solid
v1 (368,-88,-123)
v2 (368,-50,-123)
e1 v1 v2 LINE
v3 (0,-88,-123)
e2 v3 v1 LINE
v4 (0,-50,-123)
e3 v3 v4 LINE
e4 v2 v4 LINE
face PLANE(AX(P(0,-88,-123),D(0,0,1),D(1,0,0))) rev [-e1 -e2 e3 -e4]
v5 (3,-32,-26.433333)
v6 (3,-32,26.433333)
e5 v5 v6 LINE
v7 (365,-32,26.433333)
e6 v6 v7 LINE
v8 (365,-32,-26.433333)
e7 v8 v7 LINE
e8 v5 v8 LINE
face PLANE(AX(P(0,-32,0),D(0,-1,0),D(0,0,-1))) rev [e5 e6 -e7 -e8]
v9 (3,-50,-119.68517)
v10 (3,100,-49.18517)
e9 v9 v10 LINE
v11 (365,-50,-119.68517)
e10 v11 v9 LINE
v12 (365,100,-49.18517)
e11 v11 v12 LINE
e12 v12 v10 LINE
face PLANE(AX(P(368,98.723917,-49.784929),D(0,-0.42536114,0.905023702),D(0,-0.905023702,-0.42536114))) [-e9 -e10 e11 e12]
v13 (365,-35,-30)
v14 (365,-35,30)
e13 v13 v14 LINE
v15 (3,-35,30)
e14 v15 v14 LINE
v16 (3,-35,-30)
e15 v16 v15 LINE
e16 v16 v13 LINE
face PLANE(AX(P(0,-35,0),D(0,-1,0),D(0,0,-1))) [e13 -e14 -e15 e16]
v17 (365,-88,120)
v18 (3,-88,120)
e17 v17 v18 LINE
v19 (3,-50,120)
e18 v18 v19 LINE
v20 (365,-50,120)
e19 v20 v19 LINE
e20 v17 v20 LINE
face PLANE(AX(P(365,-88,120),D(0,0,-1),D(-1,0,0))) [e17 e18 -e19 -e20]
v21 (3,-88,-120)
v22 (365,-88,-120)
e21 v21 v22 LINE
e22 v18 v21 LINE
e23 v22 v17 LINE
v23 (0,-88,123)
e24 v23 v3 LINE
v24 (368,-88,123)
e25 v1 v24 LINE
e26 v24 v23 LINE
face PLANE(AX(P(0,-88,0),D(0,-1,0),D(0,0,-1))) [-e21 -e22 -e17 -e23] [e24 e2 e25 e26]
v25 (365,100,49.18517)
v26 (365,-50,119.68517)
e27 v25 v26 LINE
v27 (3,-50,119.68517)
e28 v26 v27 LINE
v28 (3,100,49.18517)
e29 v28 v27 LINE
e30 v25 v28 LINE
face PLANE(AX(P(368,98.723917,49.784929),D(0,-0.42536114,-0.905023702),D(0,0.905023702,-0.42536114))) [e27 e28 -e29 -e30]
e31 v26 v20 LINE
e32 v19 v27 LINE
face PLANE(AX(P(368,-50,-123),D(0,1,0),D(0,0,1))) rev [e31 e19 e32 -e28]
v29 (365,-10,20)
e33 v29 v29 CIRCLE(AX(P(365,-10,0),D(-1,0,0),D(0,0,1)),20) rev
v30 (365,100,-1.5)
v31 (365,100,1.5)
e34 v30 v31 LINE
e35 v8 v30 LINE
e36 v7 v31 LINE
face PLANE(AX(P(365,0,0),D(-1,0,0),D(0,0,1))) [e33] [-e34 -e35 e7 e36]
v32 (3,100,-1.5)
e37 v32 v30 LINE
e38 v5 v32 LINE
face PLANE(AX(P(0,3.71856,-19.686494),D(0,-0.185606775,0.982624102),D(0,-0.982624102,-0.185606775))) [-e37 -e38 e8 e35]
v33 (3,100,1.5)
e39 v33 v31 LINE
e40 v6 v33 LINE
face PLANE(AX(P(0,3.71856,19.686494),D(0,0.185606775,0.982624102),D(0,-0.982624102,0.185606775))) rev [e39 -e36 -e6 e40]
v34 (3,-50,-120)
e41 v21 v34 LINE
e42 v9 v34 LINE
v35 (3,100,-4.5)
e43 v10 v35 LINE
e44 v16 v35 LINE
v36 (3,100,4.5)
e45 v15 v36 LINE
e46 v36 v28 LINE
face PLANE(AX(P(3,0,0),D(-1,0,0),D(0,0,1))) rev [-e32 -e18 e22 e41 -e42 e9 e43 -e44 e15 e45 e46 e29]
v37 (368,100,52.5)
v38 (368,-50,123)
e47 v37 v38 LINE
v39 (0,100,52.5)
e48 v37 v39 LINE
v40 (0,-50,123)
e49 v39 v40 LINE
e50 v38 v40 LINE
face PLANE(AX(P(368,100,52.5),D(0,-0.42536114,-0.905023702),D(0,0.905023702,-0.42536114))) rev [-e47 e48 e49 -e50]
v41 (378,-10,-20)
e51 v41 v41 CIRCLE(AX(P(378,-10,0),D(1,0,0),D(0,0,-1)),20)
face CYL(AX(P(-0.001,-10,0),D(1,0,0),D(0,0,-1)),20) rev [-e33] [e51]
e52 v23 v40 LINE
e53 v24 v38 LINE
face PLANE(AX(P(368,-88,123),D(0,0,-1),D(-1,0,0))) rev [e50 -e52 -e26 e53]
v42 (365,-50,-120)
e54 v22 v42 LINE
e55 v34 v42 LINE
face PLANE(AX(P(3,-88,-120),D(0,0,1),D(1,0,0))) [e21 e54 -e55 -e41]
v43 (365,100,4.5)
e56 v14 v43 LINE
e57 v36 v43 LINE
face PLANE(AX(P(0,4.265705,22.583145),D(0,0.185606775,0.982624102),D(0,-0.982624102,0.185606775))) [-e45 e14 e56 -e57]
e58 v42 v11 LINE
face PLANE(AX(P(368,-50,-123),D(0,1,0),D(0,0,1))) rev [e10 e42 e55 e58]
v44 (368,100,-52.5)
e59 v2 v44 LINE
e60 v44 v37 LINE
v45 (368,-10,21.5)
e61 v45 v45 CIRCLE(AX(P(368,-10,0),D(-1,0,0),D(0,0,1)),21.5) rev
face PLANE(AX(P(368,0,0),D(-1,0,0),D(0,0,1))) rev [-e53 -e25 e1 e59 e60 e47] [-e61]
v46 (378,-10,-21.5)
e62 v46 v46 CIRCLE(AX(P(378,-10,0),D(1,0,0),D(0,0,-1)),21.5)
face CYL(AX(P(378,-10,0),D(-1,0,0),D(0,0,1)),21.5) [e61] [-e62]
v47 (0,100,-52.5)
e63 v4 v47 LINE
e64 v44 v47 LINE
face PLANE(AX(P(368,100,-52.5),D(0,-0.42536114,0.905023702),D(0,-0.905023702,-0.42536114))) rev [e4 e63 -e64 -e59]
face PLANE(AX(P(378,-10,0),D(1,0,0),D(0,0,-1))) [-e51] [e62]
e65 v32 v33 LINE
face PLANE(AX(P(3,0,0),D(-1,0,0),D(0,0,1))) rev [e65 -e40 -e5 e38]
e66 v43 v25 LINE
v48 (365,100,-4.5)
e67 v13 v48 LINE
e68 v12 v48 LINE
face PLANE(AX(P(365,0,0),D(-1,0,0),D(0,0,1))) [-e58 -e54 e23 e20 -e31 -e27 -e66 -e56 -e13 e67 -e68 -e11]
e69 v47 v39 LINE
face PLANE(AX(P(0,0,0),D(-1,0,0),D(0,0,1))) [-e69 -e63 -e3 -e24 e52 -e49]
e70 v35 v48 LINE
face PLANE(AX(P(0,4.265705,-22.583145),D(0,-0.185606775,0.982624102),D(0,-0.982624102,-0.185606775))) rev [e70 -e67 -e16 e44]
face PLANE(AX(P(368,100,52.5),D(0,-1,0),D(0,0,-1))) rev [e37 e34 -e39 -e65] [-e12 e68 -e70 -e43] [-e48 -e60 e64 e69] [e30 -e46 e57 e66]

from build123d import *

# Parameters (mm, degrees)
BOSS_EXTRUDE1_DEPTH = 368
SHELL2_T            = -3
BOSS_EXTRUDE3_REACH = 402.691
CUT_EXTRUDE1_REACH  = 402.691
SKETCH9_R           = 20
BOSS_EXTRUDE4_START = 10
SKETCH10_R          = 21.5
SKETCH10_R_2        = 20
BOSS_EXTRUDE4_DEPTH = 10
SKETCH11_W          = 368
SKETCH11_H          = 246
SKETCH11_W_2        = 362
SKETCH11_H_2        = 240
BOSS_EXTRUDE5_DEPTH = 38


with BuildPart() as part:
    # Sketch2 → Boss-Extrude1 (new body)
    with BuildSketch(Plane(origin=(0, 0, 0), x_dir=(0, 0, -1), z_dir=(1, 0, 0))):
        Polygon((123, -50), (-123, -50), (-52.5, 100), (52.5, 100), align=None)
    extrude(amount=BOSS_EXTRUDE1_DEPTH)

    # Shell2
    shell2_openings = [part.faces().sort_by_distance(p)[0] for p in [
        (184, 100, 0),
        (184, -50, 0),
    ]]
    offset(amount=SHELL2_T, openings=shell2_openings, kind=Kind.INTERSECTION)

    # Sketch8 → Boss-Extrude3 (add, up to next)
    with BuildSketch(Plane(origin=(368, 0, 0), x_dir=(0, 0, -1), z_dir=(1, 0, 0)), mode=Mode.PRIVATE) as boss_extrude3_sk1:
        Polygon((-4.5, 100), (-30, -35), (30, -35), (4.5, 100), (1.5, 100), (26.433333333, -32), (-26.433333333, -32), (-1.5, 100), align=None)
    boss_extrude3_tool1 = extrude(boss_extrude3_sk1.sketch, amount=-BOSS_EXTRUDE3_REACH, mode=Mode.PRIVATE) - part.part
    add(boss_extrude3_tool1.solids().sort_by_distance((368, 34.274202, 15.418325))[0])

    # Sketch9 → Cut-Extrude1 (cut, up to next)
    with BuildSketch(Plane(origin=(368, 0, 0), x_dir=(0, 0, -1), z_dir=(1, 0, 0)), mode=Mode.PRIVATE) as cut_extrude1_sk1:
        with Locations((0, -10)):
            Circle(SKETCH9_R)
    cut_extrude1_tool1 = extrude(cut_extrude1_sk1.sketch, amount=-CUT_EXTRUDE1_REACH, mode=Mode.PRIVATE) & part.part
    add(cut_extrude1_tool1.solids().sort_by_distance((368, -10, 0))[0], mode=Mode.SUBTRACT)

    # Sketch10 → Boss-Extrude4 (add)
    with BuildSketch(Plane(origin=(368, 0, 0), x_dir=(0, 0, -1), z_dir=(1, 0, 0)).offset(BOSS_EXTRUDE4_START)):
        with Locations(Location((0, -10, 0), (0, 0, 180))):
            Circle(SKETCH10_R)
        with Locations((0, -10)):
            Circle(SKETCH10_R_2, mode=Mode.SUBTRACT)
    extrude(amount=-BOSS_EXTRUDE4_DEPTH)

    # Sketch11 → Boss-Extrude5 (add)
    with BuildSketch(Plane.XZ.offset(50)):
        with Locations((184, 0)):
            Rectangle(SKETCH11_W, SKETCH11_H)
        with Locations((184, 0)):
            Rectangle(SKETCH11_W_2, SKETCH11_H_2, mode=Mode.SUBTRACT)
    extrude(amount=BOSS_EXTRUDE5_DEPTH)


solid = part.part
